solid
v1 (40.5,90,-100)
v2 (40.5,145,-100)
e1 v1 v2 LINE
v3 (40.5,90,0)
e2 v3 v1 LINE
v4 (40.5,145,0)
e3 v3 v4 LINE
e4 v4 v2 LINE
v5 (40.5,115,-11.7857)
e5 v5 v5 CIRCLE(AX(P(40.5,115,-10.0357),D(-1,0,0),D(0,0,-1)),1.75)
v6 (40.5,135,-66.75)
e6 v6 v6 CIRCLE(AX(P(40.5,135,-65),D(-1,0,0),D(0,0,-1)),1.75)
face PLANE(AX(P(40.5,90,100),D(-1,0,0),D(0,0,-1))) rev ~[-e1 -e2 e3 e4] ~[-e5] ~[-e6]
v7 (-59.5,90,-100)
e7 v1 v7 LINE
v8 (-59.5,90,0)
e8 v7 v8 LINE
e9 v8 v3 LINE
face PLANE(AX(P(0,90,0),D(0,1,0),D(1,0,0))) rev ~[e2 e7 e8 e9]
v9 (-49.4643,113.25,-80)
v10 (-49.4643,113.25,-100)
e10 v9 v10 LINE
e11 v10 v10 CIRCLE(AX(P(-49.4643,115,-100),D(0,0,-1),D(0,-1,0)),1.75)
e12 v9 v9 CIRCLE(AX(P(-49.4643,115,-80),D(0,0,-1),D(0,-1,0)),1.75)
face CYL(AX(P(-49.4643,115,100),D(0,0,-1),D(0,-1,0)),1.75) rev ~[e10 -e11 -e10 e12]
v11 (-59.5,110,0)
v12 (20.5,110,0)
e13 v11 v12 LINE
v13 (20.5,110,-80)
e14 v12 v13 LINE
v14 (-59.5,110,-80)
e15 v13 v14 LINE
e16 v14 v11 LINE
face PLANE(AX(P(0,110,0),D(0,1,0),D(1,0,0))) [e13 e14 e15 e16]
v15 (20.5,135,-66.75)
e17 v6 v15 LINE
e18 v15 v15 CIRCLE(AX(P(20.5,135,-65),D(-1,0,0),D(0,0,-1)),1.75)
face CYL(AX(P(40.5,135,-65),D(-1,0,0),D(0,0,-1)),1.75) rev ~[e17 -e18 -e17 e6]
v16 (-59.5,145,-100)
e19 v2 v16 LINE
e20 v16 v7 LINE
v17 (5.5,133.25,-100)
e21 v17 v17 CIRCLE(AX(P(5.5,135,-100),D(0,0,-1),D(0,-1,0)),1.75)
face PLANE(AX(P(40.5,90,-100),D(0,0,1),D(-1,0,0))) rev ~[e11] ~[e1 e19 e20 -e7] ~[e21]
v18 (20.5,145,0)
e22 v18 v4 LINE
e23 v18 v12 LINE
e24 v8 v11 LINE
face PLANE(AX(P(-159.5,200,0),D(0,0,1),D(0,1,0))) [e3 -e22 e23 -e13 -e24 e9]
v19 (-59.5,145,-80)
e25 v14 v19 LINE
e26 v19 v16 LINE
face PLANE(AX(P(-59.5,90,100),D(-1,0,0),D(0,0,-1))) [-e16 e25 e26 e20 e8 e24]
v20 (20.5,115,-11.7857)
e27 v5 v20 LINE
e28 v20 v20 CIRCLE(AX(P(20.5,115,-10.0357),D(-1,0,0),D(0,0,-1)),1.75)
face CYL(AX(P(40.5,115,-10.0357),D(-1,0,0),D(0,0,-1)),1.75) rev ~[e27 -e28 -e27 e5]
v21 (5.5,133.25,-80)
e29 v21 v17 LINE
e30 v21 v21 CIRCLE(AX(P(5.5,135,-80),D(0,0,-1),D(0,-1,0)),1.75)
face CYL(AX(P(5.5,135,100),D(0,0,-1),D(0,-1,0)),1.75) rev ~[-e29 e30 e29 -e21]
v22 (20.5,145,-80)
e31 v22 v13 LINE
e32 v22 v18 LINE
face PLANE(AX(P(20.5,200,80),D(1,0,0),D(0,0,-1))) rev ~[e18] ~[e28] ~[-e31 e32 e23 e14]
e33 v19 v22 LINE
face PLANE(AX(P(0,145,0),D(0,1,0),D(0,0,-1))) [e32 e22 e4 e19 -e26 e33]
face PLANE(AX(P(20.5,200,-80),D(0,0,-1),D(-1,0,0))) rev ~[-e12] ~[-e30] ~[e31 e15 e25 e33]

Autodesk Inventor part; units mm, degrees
ref_plane "YZ Plane" through (0, 0, 0) normal (1, 0, 0) x (0, 1, 0)
ref_plane "XZ Plane" through (0, 0, 0) normal (0, 1, 0) x (-1, 0, 0)
ref_plane "XY Plane" through (0, 0, 0) normal (0, 0, 1) x (1, 0, 0)
sketch "Boceto2" plane through (0, 0, 0) normal (0, 1, 0) x (-1, 0, 0)
  line L0 (7.5, 100) -> (-7.5, 100)
  line L1 (-7.5, 100) -> (-7.5, -100)
  line L2 (-7.5, -100) -> (7.5, -100)
  line L3 (7.5, -100) -> (7.5, 100)
  line L4 (7.5, 100) -> (-7.5, -100) construction
  line L5 (-7.5, 100) -> (7.5, -100) construction
  point P0 (0, 0)
  dimension "d7" = 15
  dimension "d8" = 200
extrude "Extrusión1" add sketch "Boceto2" along normal blind 10
sketch "Boceto3" plane through (0, 10, 0) normal (0, 1, 0) x (1, 0, 0)
  line L0 (5, 60) -> (-5, 60)
  line L1 (-5, 60) -> (-5, 70)
  line L2 (-5, 70) -> (5, 70)
  line L3 (5, 70) -> (5, 60)
  line L4 (5, 60) -> (-5, 70) construction
  line L5 (7.5, 100) -> (-7.5, 100) projected
  line L6 (0, 64.5148) -> (0, 61.9205)
  circle A0 centre (3.25, 61.75) radius 1.75
  circle A1 centre (-3.25, 68.25) radius 1.75
  line L7 (-7.5, 100) -> (-7.5, -100) projected
  line L8 (-7.5, 0) -> (0, 0)
  line L9 (5, -70) -> (5, -60)
  line L10 (-5, -70) -> (5, -70)
  line L11 (5, -60) -> (-5, -60)
  line L12 (-5, -60) -> (-5, -70)
  line L13 (5, -60) -> (-5, -70) construction
  line L14 (0, -64.5148) -> (0, -61.9205)
  circle A2 centre (-3.25, -68.25) radius 1.75
  circle A3 centre (3.25, -61.75) radius 1.75
  point P0 (3.25, 68.25)
  point P1 (-5, 65)
  point P2 (-3.25, 61.75)
  point P3 (0, 100)
  point P4 (3.25, -68.25)
  point P5 (-3.25, -61.75)
  point P6 (-5, -65)
  dimension "d12" = 1.75
  dimension "d13" = 1.75
  dimension "d14" = 1.75
  dimension "d15" = 1.75
  dimension "d16" = 10
  dimension "d17" = 10
  dimension "d19" = 30
  dimension "d67" = 31.75
hole "Agujero1" at (3.25, 10, -61.75) at (-3.25, 10, -68.25) at (-3.25, 10, 68.25) at (3.25, 10, 61.75) direction (0, -1, 0) diameter 3.5 end through all
sketch "Boceto4" plane through (0, 10, 0) normal (0, 1, 0) x (1, 0, 0)
  line L0 (-7.5, 100) -> (-7.5, -100) projected
  line L1 (-7.5, -100) -> (7.5, -100)
  line L2 (7.5, -100) -> (7.5, -80)
  line L3 (7.5, -80) -> (-7.5, -80)
  line L4 (-7.5, -80) -> (-7.5, -100)
  line L5 (-7.5, 0) -> (1.0116, 0)
  line L6 (-7.5, -100) -> (-7.5, 100)
  line L7 (-7.5, 100) -> (7.5, 100)
  line L8 (7.5, 100) -> (7.5, 80)
  line L9 (7.5, 80) -> (-7.5, 80)
  line L10 (-7.5, 80) -> (-7.5, 100)
  point P0 (0, 0)
  point P1 (-7.5, -80)
  point P2 (-7.5, 80)
  dimension "d27" = 15
  dimension "d28" = 20
extrude "Extrusión2" add sketch "Boceto4" along normal blind 80
sketch "Boceto5" plane through (0, 90, 0) normal (0, 1, 0) x (1, 0, 0)
  line L0 (-7.5, -100) -> (7.5, -100) projected
  line L1 (-7.5, -100) -> (40.5, -100)
  line L2 (40.5, -100) -> (40.5, 100)
  line L3 (40.5, 100) -> (-7.5, 100)
  line L4 (-7.5, 100) -> (-7.5, -100)
  line L5 (40.5, -100) -> (-159.5, -100)
  line L6 (-159.5, -100) -> (-159.5, 100)
  line L7 (-159.5, 100) -> (40.5, 100)
  line L8 (40.5, 100) -> (40.5, -100)
  point P0 (0, 0)
  point P1 (-7.5, 100)
  dimension "d31" = 48
  dimension "d32" = 200
  dimension "d74" = 200
extrude "Extrusión3" add sketch "Boceto5" along normal blind 110
sketch "Boceto6" plane through (0, 200, 0) normal (0, 1, 0) x (1, 0, 0)
  line L0 (40.5, 100) -> (7.5, 100) projected
  line L1 (40.5, 100) -> (20.5, 100)
  line L2 (20.5, 100) -> (20.5, 80)
  line L3 (7.5, -100) -> (40.5, -100) projected
  line L4 (24, -100) -> (24, -80)
  line L5 (-159.5, 100) -> (-159.5, -100) projected
  line L6 (20.5, 80) -> (-159.5, 80)
  line L7 (-159.5, 80) -> (-159.5, -80)
  line L8 (-159.5, -80) -> (20.5, -80)
  line L9 (20.5, -80) -> (20.5, 80)
  line L10 (-159.5, -100) -> (40.5, -100) projected
  point P0 (7.5, 80)
  point P1 (-159.5, 80)
  dimension "d36" = 20
  dimension "d37" = 20
  dimension "d38" = 20
  dimension "d78" = 20
extrude "Extrusión4" cut sketch "Boceto6" against normal blind 90
sketch "Boceto7" plane through (-159.5, 90, -100) normal (-1, 0, 0) x (0, 0, 1)
  line L0 (0, 110) -> (20, 110) projected
  line L1 (20, 110) -> (10, 110)
  line L2 (10, 110) -> (10, 20)
  line L3 (10, 20) -> (20, 20)
  line L4 (20, 20) -> (20, 110)
  line L5 (180, 110) -> (180, 20) projected
  line L6 (180, 110) -> (190, 110)
  line L7 (190, 110) -> (190, 20)
  line L8 (190, 20) -> (180, 20)
  line L9 (180, 20) -> (180, 110)
  line L10 (200, 0) -> (200, 110) projected
  line L11 (0, 0) -> (0, 110) projected
  line L12 (0, 110) -> (10, 110)
  line L13 (10, 110) -> (10, 20)
  line L14 (10, 20) -> (0, 20)
  line L15 (0, 20) -> (0, 110)
  line L16 (200, 110) -> (0, 110) projected
  line L17 (200, 110) -> (190, 110)
  line L18 (190, 110) -> (190, 20)
  line L19 (190, 20) -> (200, 20)
  line L20 (200, 20) -> (200, 110)
  point P0 (100, -90)
  point P1 (200, 20)
  dimension "d42" = 10
  dimension "d63" = 10
  dimension "d65" = 10
extrude "Extrusión5" cut sketch "Boceto7" against normal blind 30 contours L0 L2 L14 L11 | L16 L10 L19 L7
sketch "Boceto8" plane through (-7.5, 0, 100) normal (0, 0, 1) x (1, 0, 0)
  line L0 (-122, 200) -> (-122, 110) projected
  line L1 (-132, 175) -> (-142, 175)
  line L2 (-142, 175) -> (-142, 185)
  line L3 (-142, 185) -> (-132, 185)
  line L4 (-132, 185) -> (-132, 175)
  line L5 (-132, 175) -> (-142, 185) construction
  line L6 (-142, 175) -> (-132, 185) construction
  line L7 (-152, 200) -> (48, 200) projected
  line L8 (-113, 155) -> (-128, 155)
  line L9 (-152, 110) -> (-122, 110) projected
  line L10 (-132, 180) -> (-131.5898, 180)
  circle A0 centre (-140.25, 183.25) radius 1.75
  circle A1 centre (-133.75, 176.75) radius 1.75
  line L11 (-132, 125) -> (-132, 135)
  line L12 (-142, 125) -> (-132, 125)
  line L13 (-132, 135) -> (-142, 125) construction
  line L14 (-132, 135) -> (-142, 135)
  line L15 (-142, 135) -> (-132, 125) construction
  line L16 (-142, 135) -> (-142, 125)
  line L17 (-132, 130) -> (-131.5898, 130)
  circle A2 centre (-133.75, 133.25) radius 1.75
  circle A3 centre (-140.25, 126.75) radius 1.75
  line L18 (-152, 110) -> (-152, 200) projected
  point P0 (7.5, 0)
  point P1 (-113, 215)
  point P2 (-133.75, 183.25)
  point P3 (-142, 180)
  point P4 (-140.25, 176.75)
  point P5 (48, 200)
  point P6 (-133.75, 126.75)
  point P7 (-140.25, 133.25)
  point P8 (-143, 115)
  point P9 (-133.75, 126.75)
  point P10 (-140.25, 133.25)
  point P11 (-142, 130)
  dimension "d46" = 1.75
  dimension "d47" = 1.75
  dimension "d48" = 1.75
  dimension "d49" = 1.75
  dimension "d50" = 10
  dimension "d51" = 10
  dimension "d52" = 15
  dimension "d66" = 10
  dimension "d70" = 15
hole "Agujero2" at (-147.75, 183.25, 100) at (-141.25, 176.75, 100) at (-147.75, 126.75, 100) at (-141.25, 133.25, 100) direction (0, 0, -1) diameter 3.5 end through all
ref_plane "Plano de trabajo1" through (-159.5, 90, 100) normal (0, -1, 0) x (1, 0, 0)
split "Dividir1" plane through (-159.5, 90, 100) removes the side toward (0, -1, 0)
ref_plane "Plano de trabajo2" through (-159.5, 200, 0) normal (0, 0, 1) x (1, 0, 0)
ref_plane "Plano de trabajo3" through (-59.5, 90, 100) normal (1, 0, 0) x (0, 0, -1)
sketch "Boceto9" plane through (-159.5, 90, 100) normal (0, 0, 1) x (1, 0, 0)
  line L0 (85.0357, 30) -> (115.0357, 30)
  circle A0 centre (110.0357, 25) radius 1.75
  line L1 (90.0357, 25) -> (110.0357, 25)
  line L2 (115.0357, 30) -> (115.0357, 20)
  circle A1 centre (90.0357, 25) radius 1.75
  line L3 (85.0357, 20) -> (115.0357, 30) construction
  line L4 (85.0357, 30) -> (115.0357, 20) construction
  line L5 (85.0357, 20) -> (85.0357, 30)
  line L6 (115.0357, 20) -> (85.0357, 20)
  line L7 (240, 0) -> (-40, 0) projected
  line L8 (200, 0) -> (200, 110) projected
  line L9 (200, 55) -> (88.2857, 55)
  line L10 (85.0357, 80) -> (115.0357, 80)
  circle A2 centre (110.0357, 85) radius 1.75
  line L11 (90.0357, 85) -> (110.0357, 85)
  line L12 (115.0357, 80) -> (115.0357, 90)
  circle A3 centre (90.0357, 85) radius 1.75
  line L13 (85.0357, 90) -> (115.0357, 80) construction
  line L14 (85.0357, 80) -> (115.0357, 90) construction
  line L15 (85.0357, 90) -> (85.0357, 80)
  line L16 (115.0357, 90) -> (85.0357, 90)
  line L17 (100.0357, 55) -> (185.099, 55) construction
  line L18 (160, 70) -> (160, 40)
  circle A4 centre (165, 45) radius 1.75
  line L19 (165, 65) -> (165, 45)
  line L20 (160, 40) -> (170, 40)
  circle A5 centre (165, 65) radius 1.75
  line L21 (170, 70) -> (160, 40) construction
  line L22 (160, 70) -> (170, 40) construction
  line L23 (170, 70) -> (160, 70)
  line L24 (170, 40) -> (170, 70)
  circle A6 centre (55, 65) radius 1.75
  line L25 (60, 70) -> (60, 40)
  line L26 (60, 70) -> (50, 40) construction
  line L27 (50, 70) -> (60, 70)
  line L28 (50, 40) -> (50, 70)
  line L29 (50, 70) -> (60, 40) construction
  circle A7 centre (55, 45) radius 1.75
  line L30 (55, 65) -> (55, 45)
  line L31 (60, 40) -> (50, 40)
  line L32 (30, 110) -> (30, 20) projected
  point P0 (159.5, -90)
  point P1 (100.0357, 34.7141)
  point P2 (85.0357, 36.6749)
  point P3 (100.0357, 34.7141)
  point P4 (115.0357, 25)
  point P5 (115.0357, 85)
  point P6 (189.1833, 40)
  point P7 (165, 70)
  point P8 (70.0357, 40)
  point P9 (55, 70)
  dimension "d83" = 10
  dimension "d84" = 30
  dimension "d85" = 5
  dimension "d86" = 5
  dimension "d87" = 5
  dimension "d88" = 5
  dimension "d89" = 20
  dimension "d91" = 30
  dimension "d92" = 5
  dimension "d93" = 5
  dimension "d94" = 3.5
  dimension "d95" = 5
  dimension "d96" = 5
  dimension "d97" = 5
  dimension "d98" = 5
  dimension "d99" = 5
  dimension "d100" = 20
ref_plane "Plano de trabajo4" through (0, 145, 0) normal (0, 1, 0) x (1, 0, 0)
hole "Agujero3" at (-104.5, 155, 100) at (-69.4643, 175, 100) at (-49.4643, 175, 100) at (-104.5, 135, 100) at (-69.4643, 115, 100) at (-49.4643, 115, 100) at (5.5, 135, 100) at (5.5, 155, 100) direction (0, 0, -1) diameter 3.5 end through all
sketch "Boceto10" plane through (40.5, 90, 100) normal (1, 0, 0) x (0, 0, -1)
  line L0 (85.0357, 30) -> (115.0357, 30)
  circle A0 centre (110.0357, 25) radius 1.75
  line L1 (90.0357, 25) -> (110.0357, 25)
  line L2 (115.0357, 30) -> (115.0357, 20)
  circle A1 centre (90.0357, 25) radius 1.75
  line L3 (85.0357, 20) -> (115.0357, 30) construction
  line L4 (85.0357, 30) -> (115.0357, 20) construction
  line L5 (85.0357, 20) -> (85.0357, 30)
  line L6 (115.0357, 20) -> (85.0357, 20)
  circle A2 centre (90.0357, 85) radius 1.75
  line L7 (85.0357, 80) -> (115.0357, 80)
  line L8 (85.0357, 80) -> (115.0357, 90) construction
  line L9 (85.0357, 90) -> (85.0357, 80)
  line L10 (115.0357, 90) -> (85.0357, 90)
  line L11 (85.0357, 90) -> (115.0357, 80) construction
  circle A3 centre (110.0357, 85) radius 1.75
  line L12 (90.0357, 85) -> (110.0357, 85)
  line L13 (115.0357, 80) -> (115.0357, 90)
  line L14 (160, 70) -> (160, 40)
  circle A4 centre (165, 45) radius 1.75
  line L15 (170, 40) -> (170, 70)
  line L16 (170, 70) -> (160, 40) construction
  line L17 (160, 40) -> (170, 40)
  line L18 (160, 70) -> (170, 40) construction
  circle A5 centre (165, 65) radius 1.75
  line L19 (165, 65) -> (165, 45)
  line L20 (170, 70) -> (160, 70)
  circle A6 centre (35, 65) radius 1.75
  line L21 (40, 70) -> (40, 40)
  line L22 (40, 40) -> (30, 40)
  circle A7 centre (35, 45) radius 1.75
  line L23 (35, 65) -> (35, 45)
  line L24 (40, 70) -> (30, 40) construction
  line L25 (30, 40) -> (30, 70)
  line L26 (30, 70) -> (40, 40) construction
  line L27 (30, 70) -> (40, 70)
  line L28 (0, 0) -> (0, 110) projected
  line L29 (200, 0) -> (200, 110) projected
  point P0 (100, -90)
  point P1 (100.0357, 34.7141)
  point P2 (100.0357, 34.7141)
  point P3 (85.0357, 36.6749)
  point P4 (115.0357, 25)
  point P5 (88.2857, 55)
  point P6 (115.0357, 85)
  point P7 (100.0357, 55)
  point P8 (189.1833, 40)
  point P9 (165, 70)
  point P10 (70.0357, 40)
  point P11 (35, 70)
  dimension "d108" = 10
  dimension "d109" = 30
  dimension "d110" = 5
  dimension "d111" = 5
  dimension "d112" = 5
  dimension "d113" = 5
  dimension "d114" = 5
  dimension "d115" = 5
  dimension "d116" = 3.5
  dimension "d117" = 5
  dimension "d118" = 5
  dimension "d119" = 5
  dimension "d120" = 5
  dimension "d121" = 5
  dimension "d122" = 30
  dimension "d123" = 30
hole "Agujero4" at (40.5, 175, 9.9643) at (40.5, 175, -10.0357) at (40.5, 155, 65) at (40.5, 135, 65) at (40.5, 115, 9.9643) at (40.5, 115, -10.0357) at (40.5, 135, -65) at (40.5, 155, -65) direction (-1, 0, 0) diameter 3.5 end through all
split "Dividir2" plane through (-59.5, 90, 100) removes the side toward (-1, 0, 0)
split "Dividir3" plane through (0, 145, 0) removes the side toward (0, 1, 0)
split "Dividir4" plane through (-159.5, 200, 0) removes the side toward (0, 0, 1)
properties part number "container_back_head_1"
